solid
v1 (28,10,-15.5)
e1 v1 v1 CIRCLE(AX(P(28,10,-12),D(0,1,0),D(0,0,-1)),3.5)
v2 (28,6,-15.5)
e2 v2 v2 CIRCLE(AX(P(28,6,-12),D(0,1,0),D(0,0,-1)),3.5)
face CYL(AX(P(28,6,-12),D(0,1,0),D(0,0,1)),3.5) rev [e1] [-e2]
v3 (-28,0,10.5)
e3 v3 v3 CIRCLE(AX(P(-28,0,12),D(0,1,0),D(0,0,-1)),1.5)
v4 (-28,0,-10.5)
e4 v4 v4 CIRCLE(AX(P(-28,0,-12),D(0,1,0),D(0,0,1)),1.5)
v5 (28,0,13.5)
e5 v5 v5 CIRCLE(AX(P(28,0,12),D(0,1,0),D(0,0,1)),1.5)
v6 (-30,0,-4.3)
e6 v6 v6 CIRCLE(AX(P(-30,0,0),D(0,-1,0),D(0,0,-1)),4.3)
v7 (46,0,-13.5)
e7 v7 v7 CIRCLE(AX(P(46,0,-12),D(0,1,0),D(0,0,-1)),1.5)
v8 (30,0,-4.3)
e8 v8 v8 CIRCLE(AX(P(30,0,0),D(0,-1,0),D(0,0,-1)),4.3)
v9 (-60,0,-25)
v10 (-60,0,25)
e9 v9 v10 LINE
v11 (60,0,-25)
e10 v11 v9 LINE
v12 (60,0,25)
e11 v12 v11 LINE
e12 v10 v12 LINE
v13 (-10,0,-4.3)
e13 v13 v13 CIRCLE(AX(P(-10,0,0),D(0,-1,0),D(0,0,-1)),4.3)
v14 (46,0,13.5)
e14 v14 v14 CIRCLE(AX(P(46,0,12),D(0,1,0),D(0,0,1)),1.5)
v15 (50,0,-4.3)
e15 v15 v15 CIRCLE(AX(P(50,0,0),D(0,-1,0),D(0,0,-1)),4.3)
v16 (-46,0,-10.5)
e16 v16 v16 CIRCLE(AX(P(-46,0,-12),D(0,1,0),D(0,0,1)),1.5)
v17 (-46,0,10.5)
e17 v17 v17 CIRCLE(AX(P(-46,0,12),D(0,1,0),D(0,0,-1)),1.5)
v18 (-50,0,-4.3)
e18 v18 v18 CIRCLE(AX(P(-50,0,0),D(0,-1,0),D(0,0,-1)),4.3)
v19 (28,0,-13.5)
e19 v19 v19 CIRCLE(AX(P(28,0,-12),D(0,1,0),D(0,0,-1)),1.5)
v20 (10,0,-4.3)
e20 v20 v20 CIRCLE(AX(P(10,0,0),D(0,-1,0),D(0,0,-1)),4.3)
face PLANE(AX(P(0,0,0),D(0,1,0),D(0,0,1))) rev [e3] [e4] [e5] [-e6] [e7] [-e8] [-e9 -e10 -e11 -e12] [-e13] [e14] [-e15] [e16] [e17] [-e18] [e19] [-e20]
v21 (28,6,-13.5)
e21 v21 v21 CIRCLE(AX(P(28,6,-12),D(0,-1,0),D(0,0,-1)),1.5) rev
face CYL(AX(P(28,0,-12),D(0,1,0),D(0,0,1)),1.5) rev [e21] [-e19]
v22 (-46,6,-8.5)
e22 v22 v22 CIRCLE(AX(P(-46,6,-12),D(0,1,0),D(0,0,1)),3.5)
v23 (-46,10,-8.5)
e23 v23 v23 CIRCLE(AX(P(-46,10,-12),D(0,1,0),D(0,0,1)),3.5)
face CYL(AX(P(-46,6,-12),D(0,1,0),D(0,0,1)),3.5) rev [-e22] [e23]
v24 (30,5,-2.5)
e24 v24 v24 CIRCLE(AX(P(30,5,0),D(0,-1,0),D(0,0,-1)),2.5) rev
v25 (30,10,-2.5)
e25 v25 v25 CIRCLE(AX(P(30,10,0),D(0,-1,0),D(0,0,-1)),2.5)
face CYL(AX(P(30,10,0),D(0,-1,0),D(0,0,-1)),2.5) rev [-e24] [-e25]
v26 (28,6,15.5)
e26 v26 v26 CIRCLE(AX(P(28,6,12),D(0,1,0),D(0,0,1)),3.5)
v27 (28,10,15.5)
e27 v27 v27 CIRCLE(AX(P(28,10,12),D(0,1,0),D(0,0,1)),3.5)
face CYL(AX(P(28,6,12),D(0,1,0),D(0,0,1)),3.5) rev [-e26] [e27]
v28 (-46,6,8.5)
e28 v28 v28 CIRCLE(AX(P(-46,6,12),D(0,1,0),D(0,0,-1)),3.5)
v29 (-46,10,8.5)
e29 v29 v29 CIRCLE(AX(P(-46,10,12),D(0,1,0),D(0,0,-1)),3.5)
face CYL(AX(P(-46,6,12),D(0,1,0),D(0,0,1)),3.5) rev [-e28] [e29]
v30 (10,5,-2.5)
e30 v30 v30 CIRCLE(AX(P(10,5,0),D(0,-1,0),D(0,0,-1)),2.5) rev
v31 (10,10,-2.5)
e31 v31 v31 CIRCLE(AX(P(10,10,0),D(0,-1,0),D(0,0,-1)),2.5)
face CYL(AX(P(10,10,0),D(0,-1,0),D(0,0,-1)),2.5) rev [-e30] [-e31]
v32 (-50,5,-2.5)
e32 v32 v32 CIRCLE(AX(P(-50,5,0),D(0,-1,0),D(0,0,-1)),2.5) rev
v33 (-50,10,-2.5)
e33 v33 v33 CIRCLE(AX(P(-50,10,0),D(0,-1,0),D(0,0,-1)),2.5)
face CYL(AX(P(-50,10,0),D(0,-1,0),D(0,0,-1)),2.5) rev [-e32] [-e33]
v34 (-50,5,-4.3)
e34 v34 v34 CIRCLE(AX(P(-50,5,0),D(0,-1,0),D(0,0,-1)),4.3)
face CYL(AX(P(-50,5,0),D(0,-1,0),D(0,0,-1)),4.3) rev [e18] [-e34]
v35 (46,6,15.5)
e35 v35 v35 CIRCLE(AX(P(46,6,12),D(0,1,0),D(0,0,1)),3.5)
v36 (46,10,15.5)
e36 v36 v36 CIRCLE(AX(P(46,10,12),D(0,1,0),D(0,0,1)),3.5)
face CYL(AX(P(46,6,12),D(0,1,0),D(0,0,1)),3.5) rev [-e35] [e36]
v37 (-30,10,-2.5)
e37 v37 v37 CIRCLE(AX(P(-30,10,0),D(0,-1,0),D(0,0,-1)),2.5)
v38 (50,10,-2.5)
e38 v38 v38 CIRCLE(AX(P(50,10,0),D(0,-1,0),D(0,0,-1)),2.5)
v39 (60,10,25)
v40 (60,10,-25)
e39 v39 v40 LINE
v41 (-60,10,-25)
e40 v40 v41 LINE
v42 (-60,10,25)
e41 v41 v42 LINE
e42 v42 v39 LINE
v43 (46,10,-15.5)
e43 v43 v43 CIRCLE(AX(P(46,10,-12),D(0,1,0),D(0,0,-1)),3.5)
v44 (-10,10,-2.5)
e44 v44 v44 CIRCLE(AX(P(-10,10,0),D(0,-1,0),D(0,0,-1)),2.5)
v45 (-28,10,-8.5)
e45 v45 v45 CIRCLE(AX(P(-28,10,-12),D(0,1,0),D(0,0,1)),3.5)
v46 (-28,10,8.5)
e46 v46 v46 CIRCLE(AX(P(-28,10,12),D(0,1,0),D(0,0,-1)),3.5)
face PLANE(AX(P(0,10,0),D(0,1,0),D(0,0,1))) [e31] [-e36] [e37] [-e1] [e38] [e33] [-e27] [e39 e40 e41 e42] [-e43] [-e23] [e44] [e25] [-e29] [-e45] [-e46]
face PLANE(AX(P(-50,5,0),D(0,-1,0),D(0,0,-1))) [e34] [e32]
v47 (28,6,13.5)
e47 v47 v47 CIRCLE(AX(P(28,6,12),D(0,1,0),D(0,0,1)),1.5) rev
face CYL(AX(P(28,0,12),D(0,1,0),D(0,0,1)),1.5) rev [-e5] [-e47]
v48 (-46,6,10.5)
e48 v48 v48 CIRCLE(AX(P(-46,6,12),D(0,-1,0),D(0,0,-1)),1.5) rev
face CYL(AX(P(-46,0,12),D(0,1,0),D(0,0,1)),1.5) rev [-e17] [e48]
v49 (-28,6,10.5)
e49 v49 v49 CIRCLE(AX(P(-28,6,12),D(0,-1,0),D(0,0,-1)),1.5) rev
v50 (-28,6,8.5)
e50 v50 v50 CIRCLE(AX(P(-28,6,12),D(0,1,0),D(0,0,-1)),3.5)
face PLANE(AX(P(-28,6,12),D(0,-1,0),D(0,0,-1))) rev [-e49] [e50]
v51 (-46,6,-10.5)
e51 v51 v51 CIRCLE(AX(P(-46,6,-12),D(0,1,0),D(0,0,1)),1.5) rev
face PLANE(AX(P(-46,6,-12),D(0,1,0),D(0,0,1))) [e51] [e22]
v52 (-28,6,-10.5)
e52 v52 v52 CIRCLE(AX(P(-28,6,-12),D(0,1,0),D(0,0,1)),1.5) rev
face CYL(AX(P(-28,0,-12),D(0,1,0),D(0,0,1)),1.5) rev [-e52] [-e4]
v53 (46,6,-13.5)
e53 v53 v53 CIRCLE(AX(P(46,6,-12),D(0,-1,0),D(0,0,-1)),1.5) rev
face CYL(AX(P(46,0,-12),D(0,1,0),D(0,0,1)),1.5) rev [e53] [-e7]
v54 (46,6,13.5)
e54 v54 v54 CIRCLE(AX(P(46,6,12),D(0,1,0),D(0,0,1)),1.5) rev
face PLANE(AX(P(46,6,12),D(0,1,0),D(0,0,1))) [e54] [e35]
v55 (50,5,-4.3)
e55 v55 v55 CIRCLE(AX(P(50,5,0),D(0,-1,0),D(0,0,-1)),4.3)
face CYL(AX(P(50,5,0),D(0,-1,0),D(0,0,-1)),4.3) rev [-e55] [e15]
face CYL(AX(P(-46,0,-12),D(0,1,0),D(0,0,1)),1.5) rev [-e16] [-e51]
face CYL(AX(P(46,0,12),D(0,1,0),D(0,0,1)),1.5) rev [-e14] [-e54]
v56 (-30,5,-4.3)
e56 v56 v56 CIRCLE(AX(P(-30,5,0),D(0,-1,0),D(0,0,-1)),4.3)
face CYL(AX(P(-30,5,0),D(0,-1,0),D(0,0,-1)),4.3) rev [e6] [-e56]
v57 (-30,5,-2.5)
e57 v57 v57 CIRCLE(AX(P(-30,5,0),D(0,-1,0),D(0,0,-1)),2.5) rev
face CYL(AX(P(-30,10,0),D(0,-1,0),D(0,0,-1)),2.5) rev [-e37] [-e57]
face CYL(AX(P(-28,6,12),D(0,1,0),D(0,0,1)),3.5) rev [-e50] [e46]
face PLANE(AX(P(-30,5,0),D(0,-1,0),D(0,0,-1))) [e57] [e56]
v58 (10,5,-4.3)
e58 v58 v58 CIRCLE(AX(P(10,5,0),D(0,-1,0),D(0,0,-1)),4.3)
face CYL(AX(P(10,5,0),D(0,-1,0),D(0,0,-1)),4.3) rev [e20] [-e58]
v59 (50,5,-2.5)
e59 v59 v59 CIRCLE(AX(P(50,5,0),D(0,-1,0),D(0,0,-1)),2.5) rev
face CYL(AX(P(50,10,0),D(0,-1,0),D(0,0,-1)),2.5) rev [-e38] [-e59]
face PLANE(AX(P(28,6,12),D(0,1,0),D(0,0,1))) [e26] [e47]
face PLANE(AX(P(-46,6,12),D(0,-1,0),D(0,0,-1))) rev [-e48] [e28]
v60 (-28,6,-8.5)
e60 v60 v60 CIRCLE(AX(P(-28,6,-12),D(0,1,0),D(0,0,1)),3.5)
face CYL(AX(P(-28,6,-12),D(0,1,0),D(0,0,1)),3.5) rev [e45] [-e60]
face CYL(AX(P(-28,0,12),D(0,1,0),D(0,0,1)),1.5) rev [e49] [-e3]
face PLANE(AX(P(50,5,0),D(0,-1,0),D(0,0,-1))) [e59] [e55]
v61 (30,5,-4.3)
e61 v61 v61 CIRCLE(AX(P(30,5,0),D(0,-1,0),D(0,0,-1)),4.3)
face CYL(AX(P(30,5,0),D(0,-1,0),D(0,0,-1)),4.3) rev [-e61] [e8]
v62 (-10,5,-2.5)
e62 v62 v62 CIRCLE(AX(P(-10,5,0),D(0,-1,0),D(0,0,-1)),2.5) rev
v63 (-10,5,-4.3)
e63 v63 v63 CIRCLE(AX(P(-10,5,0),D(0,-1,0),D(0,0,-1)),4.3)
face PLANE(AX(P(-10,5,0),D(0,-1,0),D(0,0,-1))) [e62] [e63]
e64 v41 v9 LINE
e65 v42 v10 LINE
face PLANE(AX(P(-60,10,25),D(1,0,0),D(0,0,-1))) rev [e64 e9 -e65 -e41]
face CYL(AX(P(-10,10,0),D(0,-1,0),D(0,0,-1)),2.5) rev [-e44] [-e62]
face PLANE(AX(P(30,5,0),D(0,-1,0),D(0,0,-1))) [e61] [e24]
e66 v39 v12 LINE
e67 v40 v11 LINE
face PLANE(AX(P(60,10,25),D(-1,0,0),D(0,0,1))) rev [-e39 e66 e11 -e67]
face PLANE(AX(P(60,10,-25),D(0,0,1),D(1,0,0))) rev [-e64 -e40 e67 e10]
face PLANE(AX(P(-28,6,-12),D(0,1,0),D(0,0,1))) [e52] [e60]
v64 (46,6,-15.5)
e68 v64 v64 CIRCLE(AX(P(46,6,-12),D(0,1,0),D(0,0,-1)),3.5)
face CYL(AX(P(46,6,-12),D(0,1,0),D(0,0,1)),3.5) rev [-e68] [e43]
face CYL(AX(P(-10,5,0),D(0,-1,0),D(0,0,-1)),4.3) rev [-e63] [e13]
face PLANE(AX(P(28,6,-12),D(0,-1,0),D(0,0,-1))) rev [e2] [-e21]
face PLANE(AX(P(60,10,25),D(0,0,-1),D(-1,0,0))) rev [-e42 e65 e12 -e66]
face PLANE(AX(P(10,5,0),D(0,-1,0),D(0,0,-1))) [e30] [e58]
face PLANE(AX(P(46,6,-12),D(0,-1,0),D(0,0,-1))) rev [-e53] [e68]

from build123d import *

# Parameters (mm, degrees)
SKETCH1_W                        = 120
SKETCH1_H                        = 50
MAIN_DEPTH                       = 10
SKETCH2_R                        = 1.5
LINEAR_BEARING_MOUNT_DEPTH       = 11
SKETCH5_R                        = 3.5
LINEAR_BEARING_COUNTERSINK_DEPTH = 4
SKETCH6_R                        = 2.5
CUT_EXTRUDE1_DEPTH               = 11
SKETCH7_R                        = 4.3
CUT_EXTRUDE2_DEPTH               = 5


with BuildPart() as part:
    # Sketch1 → main (new body)
    with BuildSketch(Plane(origin=(0, 0, 0), x_dir=(1, 0, 0), z_dir=(0, 1, 0))):
        Rectangle(SKETCH1_W, SKETCH1_H)
    extrude(amount=MAIN_DEPTH)

    # Sketch2 → linear_bearing_mount (cut, through all)
    with BuildSketch(Plane(origin=(0, 10, 0), x_dir=(1, 0, 0), z_dir=(0, 1, 0))):
        with Locations((-28, -12)):
            Circle(SKETCH2_R)
        with Locations((-46, -12)):
            Circle(SKETCH2_R)
        with Locations((28, -12)):
            Circle(SKETCH2_R)
        with Locations((46, -12)):
            Circle(SKETCH2_R)
        with Locations((46, 12)):
            Circle(SKETCH2_R)
        with Locations((28, 12)):
            Circle(SKETCH2_R)
        with Locations((-46, 12)):
            Circle(SKETCH2_R)
        with Locations((-28, 12)):
            Circle(SKETCH2_R)
    extrude(amount=-LINEAR_BEARING_MOUNT_DEPTH, mode=Mode.SUBTRACT)

    # Sketch5 → linear_bearing_countersink (cut)
    with BuildSketch(Plane(origin=(0, 10, 0), x_dir=(1, 0, 0), z_dir=(0, 1, 0))):
        with Locations((-46, 12)):
            Circle(SKETCH5_R)
        with Locations((-28, 12)):
            Circle(SKETCH5_R)
        with Locations((-28, -12)):
            Circle(SKETCH5_R)
        with Locations((-46, -12)):
            Circle(SKETCH5_R)
        with Locations((46, -12)):
            Circle(SKETCH5_R)
        with Locations((28, -12)):
            Circle(SKETCH5_R)
        with Locations((28, 12)):
            Circle(SKETCH5_R)
        with Locations((46, 12)):
            Circle(SKETCH5_R)
    extrude(amount=-LINEAR_BEARING_COUNTERSINK_DEPTH, mode=Mode.SUBTRACT)

    # Sketch6 → Cut-Extrude1 (cut, through all)
    with BuildSketch(Plane.XZ):
        with Locations((-50, 0)):
            Circle(SKETCH6_R)
        with Locations((-30, 0)):
            Circle(SKETCH6_R)
        with Locations((-10, 0)):
            Circle(SKETCH6_R)
        with Locations((10, 0)):
            Circle(SKETCH6_R)
        with Locations((30, 0)):
            Circle(SKETCH6_R)
        with Locations((50, 0)):
            Circle(SKETCH6_R)
    extrude(amount=-CUT_EXTRUDE1_DEPTH, mode=Mode.SUBTRACT)

    # Sketch7 → Cut-Extrude2 (cut)
    with BuildSketch(Plane.XZ):
        with Locations((-50, 0)):
            Circle(SKETCH7_R)
        with Locations((-30, 0)):
            Circle(SKETCH7_R)
        with Locations((-10, 0)):
            Circle(SKETCH7_R)
        with Locations((10, 0)):
            Circle(SKETCH7_R)
        with Locations((30, 0)):
            Circle(SKETCH7_R)
        with Locations((50, 0)):
            Circle(SKETCH7_R)
    extrude(amount=-CUT_EXTRUDE2_DEPTH, mode=Mode.SUBTRACT)


solid = part.part
